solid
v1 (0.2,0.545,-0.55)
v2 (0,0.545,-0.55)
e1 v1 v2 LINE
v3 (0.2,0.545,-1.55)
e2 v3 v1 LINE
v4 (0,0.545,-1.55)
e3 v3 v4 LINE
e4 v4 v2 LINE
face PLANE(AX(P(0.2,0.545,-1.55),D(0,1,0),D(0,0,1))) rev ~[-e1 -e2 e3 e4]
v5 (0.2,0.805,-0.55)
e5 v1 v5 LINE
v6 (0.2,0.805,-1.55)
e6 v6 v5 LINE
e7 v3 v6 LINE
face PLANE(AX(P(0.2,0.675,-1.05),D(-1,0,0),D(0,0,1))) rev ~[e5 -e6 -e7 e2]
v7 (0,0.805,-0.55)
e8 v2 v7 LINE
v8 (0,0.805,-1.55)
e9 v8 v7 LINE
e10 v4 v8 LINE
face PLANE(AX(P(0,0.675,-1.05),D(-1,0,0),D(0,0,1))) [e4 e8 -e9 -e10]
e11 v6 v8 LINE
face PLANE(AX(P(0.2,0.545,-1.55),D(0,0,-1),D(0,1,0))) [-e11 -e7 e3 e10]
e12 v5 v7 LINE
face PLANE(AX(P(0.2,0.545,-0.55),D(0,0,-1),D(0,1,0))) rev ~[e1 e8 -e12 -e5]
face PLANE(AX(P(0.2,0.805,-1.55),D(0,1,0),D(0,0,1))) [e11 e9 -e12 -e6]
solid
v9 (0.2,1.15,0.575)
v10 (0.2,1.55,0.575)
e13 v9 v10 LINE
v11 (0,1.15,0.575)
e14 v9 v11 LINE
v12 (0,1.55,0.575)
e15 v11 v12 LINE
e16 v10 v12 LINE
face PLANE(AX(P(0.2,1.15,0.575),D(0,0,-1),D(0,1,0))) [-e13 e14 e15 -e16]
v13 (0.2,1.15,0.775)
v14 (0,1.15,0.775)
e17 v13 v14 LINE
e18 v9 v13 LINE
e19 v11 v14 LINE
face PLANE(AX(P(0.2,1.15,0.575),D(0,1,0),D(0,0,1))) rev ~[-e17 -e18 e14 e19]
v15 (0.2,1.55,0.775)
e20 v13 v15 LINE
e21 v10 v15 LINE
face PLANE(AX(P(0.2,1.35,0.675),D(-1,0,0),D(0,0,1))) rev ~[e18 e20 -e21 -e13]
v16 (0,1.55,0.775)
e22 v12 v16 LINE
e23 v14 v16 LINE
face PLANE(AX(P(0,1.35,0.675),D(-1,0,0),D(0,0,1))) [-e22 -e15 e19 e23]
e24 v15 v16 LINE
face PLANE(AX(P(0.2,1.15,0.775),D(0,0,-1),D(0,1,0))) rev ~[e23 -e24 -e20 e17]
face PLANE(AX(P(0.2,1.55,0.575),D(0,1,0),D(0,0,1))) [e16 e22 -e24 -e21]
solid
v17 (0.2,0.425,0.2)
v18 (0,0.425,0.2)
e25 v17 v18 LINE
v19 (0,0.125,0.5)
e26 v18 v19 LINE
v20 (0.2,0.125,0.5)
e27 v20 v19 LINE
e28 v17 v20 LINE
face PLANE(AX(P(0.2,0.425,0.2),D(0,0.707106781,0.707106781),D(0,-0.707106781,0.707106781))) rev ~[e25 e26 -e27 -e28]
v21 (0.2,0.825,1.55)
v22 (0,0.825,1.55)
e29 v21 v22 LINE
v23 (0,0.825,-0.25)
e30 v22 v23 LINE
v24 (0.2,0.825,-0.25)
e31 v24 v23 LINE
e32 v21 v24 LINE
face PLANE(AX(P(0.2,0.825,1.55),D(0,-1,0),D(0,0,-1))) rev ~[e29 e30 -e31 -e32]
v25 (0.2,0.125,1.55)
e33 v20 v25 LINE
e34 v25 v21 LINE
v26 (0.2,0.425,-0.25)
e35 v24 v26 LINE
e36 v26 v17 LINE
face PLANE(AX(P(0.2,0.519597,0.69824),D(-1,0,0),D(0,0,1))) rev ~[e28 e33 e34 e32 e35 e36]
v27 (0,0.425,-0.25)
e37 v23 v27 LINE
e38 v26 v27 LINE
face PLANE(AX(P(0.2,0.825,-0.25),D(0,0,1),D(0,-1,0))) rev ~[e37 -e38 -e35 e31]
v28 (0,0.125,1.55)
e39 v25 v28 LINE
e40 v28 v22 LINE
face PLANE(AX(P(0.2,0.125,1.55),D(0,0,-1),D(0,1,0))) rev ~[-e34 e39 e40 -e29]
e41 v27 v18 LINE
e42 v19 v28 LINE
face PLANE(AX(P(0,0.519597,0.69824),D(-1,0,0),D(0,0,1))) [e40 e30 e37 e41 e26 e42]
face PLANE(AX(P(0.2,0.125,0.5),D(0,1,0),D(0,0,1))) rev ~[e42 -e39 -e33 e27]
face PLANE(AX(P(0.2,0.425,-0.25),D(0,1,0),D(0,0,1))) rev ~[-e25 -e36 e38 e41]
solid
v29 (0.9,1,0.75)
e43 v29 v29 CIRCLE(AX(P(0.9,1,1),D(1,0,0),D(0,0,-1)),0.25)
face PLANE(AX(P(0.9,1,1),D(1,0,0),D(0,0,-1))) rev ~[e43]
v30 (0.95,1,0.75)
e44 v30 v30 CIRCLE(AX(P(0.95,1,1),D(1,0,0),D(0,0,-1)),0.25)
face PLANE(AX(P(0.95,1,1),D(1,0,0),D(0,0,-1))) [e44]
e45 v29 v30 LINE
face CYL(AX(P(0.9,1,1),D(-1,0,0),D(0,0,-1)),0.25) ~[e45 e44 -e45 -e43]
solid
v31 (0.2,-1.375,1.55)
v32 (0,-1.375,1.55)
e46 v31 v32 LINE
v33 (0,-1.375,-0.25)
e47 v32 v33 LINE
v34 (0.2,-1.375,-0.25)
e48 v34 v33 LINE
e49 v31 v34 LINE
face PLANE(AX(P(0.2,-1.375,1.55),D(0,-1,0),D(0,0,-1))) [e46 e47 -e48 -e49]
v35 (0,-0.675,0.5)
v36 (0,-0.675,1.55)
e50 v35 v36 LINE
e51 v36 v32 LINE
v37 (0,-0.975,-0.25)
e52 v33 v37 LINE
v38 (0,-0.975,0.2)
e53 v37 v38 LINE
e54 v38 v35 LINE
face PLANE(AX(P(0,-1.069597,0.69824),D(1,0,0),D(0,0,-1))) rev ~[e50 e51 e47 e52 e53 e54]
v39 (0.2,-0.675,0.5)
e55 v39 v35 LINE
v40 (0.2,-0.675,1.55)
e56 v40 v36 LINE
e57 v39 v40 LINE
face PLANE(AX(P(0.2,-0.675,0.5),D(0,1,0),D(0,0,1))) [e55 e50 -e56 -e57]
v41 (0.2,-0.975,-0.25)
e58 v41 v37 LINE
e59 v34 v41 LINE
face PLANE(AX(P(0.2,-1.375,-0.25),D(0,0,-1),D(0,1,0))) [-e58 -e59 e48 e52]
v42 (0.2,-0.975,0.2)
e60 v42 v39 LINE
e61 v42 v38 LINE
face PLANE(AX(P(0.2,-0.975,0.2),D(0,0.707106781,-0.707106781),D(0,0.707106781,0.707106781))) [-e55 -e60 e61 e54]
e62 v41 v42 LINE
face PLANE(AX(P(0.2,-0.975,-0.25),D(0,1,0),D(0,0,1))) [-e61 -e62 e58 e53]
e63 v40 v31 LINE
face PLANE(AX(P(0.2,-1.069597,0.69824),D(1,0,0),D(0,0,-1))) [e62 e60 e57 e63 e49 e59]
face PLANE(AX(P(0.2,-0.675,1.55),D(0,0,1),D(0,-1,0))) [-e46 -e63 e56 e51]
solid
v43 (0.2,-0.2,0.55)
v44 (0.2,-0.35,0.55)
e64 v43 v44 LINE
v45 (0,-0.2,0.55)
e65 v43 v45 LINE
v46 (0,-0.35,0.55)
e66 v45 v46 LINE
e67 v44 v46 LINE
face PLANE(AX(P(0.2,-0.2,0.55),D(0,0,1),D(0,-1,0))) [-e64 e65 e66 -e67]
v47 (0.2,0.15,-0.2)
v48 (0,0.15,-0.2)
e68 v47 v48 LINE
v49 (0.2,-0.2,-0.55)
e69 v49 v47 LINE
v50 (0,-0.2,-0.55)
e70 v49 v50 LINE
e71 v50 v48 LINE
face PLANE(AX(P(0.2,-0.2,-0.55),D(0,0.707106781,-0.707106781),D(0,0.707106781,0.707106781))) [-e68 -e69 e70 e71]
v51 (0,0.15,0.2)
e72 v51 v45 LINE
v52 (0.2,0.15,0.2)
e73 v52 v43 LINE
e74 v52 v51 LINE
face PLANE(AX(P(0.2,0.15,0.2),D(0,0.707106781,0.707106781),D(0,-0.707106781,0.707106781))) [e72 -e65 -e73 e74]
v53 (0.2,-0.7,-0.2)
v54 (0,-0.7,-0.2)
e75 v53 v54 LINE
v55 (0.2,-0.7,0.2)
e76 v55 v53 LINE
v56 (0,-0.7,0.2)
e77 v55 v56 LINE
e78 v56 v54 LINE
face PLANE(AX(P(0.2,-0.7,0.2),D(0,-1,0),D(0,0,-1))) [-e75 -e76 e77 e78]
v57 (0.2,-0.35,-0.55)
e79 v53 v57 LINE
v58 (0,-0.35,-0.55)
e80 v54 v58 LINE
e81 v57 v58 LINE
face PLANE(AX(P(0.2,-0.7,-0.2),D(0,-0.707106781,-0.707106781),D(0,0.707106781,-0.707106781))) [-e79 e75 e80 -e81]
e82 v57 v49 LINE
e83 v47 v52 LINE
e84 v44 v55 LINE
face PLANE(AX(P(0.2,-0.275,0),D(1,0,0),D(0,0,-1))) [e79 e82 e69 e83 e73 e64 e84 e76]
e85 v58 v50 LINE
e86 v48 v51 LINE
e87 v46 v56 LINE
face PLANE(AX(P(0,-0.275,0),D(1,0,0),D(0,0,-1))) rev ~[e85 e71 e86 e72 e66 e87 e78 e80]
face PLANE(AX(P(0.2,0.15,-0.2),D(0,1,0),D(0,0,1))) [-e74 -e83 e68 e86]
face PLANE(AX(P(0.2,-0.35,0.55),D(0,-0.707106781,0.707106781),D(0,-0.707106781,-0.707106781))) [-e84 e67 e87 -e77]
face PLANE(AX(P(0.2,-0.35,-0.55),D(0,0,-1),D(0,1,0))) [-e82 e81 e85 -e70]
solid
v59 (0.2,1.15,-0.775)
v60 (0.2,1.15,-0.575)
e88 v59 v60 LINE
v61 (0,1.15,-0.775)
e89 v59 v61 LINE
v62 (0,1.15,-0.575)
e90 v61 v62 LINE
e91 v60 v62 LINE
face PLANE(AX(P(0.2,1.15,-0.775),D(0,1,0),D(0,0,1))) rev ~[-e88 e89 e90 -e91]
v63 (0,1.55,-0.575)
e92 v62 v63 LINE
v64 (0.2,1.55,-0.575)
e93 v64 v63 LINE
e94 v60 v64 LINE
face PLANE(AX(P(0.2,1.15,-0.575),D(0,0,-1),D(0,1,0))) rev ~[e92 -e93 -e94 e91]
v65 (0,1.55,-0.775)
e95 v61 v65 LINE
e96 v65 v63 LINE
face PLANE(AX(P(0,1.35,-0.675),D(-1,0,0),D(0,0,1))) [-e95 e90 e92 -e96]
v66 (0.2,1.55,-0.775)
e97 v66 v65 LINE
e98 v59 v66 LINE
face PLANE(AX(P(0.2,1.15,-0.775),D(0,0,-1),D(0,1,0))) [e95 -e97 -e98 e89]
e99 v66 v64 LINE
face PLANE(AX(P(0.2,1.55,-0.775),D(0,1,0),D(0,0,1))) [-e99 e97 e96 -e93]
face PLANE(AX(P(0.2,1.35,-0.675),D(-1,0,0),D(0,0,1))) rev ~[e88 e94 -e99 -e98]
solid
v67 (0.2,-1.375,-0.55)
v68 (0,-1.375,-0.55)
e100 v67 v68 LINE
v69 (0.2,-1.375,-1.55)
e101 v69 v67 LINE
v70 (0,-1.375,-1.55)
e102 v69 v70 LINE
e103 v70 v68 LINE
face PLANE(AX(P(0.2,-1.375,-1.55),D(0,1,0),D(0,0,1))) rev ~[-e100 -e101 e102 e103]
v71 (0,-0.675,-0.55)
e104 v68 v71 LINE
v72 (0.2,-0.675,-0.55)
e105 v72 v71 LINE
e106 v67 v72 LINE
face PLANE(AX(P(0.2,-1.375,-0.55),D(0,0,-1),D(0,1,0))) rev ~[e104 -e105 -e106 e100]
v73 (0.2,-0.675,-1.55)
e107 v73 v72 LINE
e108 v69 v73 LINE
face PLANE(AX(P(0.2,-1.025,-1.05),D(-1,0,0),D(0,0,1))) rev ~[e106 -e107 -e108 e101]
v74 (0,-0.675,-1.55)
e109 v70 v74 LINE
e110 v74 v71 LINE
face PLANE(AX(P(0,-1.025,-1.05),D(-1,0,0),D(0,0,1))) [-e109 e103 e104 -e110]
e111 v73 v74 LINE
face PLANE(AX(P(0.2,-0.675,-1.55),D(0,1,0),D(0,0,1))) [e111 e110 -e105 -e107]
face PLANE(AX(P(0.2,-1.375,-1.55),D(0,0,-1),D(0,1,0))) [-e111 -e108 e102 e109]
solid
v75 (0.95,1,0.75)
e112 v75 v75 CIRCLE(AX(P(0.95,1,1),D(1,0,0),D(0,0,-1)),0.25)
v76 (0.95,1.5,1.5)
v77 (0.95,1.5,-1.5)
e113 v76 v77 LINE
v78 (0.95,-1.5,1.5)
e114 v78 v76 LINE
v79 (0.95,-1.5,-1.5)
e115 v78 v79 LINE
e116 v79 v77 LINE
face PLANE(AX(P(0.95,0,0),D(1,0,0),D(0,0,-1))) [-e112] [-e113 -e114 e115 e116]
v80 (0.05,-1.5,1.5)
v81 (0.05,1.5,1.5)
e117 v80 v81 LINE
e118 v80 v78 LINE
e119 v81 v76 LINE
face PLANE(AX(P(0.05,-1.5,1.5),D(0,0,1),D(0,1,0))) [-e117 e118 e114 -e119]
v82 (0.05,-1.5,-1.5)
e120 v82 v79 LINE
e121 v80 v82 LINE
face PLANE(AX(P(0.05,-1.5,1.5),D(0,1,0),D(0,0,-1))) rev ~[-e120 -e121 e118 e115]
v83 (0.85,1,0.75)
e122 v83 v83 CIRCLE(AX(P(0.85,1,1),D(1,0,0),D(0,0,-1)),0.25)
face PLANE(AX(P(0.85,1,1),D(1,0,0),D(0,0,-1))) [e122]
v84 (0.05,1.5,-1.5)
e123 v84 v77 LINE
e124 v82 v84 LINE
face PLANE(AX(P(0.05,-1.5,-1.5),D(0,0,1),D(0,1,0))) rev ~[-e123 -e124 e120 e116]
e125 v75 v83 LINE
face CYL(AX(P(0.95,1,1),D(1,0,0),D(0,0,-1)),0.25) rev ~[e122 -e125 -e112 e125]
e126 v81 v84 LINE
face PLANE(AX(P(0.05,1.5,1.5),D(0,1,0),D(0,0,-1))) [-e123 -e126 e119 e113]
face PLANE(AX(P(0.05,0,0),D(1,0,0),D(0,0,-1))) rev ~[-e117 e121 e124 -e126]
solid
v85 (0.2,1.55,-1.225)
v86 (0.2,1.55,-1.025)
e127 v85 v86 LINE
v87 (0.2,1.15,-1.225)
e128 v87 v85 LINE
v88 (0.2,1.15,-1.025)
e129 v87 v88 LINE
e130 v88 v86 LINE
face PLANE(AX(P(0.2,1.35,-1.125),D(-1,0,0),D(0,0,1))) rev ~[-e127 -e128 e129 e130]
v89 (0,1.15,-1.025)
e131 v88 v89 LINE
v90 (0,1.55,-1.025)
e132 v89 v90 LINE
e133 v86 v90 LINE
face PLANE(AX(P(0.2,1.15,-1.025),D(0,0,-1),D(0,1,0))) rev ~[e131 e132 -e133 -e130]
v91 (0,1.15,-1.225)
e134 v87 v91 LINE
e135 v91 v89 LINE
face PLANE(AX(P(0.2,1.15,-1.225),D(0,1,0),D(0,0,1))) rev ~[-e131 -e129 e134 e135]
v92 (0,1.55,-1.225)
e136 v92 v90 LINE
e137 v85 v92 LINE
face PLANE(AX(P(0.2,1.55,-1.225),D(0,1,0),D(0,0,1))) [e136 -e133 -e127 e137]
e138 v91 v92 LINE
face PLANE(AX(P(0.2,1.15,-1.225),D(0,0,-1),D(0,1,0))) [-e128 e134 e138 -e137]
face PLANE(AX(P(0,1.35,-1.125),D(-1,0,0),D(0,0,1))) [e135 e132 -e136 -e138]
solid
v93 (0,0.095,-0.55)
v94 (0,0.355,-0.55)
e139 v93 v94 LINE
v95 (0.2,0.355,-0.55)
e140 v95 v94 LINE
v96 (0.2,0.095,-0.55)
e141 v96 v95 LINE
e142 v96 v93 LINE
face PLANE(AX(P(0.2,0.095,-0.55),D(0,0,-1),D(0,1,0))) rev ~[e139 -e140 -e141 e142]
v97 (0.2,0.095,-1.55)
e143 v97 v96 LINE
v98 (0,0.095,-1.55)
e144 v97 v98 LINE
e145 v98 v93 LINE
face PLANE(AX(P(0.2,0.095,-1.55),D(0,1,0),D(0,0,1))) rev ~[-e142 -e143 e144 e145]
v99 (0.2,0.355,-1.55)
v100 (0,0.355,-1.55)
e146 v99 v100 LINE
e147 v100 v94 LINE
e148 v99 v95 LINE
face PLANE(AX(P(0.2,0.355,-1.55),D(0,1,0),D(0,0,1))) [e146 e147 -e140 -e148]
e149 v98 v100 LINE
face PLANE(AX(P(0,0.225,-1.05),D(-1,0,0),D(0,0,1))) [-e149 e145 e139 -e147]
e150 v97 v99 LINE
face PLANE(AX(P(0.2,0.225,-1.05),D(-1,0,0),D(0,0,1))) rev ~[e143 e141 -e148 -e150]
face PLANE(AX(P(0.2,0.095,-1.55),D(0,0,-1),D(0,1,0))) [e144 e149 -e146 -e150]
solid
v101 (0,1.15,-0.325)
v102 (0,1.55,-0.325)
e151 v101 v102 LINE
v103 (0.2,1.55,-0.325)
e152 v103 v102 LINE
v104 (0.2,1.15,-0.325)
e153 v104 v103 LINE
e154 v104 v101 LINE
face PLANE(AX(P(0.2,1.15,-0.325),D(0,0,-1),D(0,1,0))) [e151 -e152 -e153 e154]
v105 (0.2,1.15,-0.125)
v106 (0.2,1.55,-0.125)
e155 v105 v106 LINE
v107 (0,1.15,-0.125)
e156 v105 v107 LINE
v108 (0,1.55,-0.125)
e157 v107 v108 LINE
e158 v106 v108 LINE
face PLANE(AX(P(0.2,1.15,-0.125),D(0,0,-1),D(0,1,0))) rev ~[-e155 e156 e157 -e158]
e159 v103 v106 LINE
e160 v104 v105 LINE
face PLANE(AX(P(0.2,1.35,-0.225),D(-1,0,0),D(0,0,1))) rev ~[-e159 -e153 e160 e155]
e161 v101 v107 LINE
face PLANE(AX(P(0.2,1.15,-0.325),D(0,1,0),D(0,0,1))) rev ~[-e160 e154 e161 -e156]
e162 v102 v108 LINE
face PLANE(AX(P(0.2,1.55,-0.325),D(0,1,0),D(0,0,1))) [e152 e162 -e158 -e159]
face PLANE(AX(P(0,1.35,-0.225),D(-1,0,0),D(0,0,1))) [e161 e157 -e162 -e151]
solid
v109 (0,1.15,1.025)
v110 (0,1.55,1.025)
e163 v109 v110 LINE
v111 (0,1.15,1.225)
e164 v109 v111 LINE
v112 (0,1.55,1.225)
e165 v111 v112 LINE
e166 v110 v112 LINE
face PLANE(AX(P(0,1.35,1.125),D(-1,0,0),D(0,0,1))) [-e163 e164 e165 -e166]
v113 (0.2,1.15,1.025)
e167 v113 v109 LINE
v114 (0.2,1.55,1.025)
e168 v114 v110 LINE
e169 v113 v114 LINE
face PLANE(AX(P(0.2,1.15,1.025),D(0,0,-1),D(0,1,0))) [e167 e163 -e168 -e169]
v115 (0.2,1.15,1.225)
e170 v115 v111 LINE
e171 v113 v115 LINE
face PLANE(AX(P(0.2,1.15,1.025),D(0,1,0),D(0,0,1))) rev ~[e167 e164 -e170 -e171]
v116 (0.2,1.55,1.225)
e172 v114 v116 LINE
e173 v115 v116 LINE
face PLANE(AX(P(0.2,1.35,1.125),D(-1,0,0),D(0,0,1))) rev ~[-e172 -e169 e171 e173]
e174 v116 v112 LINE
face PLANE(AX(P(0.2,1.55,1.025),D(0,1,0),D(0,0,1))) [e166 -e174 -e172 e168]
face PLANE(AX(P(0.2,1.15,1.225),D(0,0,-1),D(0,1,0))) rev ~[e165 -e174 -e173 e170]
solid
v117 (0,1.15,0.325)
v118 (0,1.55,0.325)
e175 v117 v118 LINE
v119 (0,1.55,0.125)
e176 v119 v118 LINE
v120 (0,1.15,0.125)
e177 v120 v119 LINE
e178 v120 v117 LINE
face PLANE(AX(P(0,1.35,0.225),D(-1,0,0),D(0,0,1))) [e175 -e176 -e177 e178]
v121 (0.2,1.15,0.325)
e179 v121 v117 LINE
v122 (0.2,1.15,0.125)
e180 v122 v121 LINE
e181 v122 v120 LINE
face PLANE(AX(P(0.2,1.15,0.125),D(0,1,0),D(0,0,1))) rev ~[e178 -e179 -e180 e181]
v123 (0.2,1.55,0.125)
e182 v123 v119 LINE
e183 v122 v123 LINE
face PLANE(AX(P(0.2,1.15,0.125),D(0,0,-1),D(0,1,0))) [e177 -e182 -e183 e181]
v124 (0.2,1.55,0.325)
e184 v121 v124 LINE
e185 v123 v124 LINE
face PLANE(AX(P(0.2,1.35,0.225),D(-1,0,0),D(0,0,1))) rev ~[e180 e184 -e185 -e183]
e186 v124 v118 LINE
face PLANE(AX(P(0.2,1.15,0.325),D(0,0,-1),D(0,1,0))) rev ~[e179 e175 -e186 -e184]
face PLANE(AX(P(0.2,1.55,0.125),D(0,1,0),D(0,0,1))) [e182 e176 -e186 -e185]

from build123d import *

# Parameters (mm, degrees)
SKETCH_1_W              = 3
SKETCH_1_H              = 3
EXTRUDE_1_DEPTH         = 0.9
SKETCH_2_R              = 0.25
CUT_EXTRUDE_1_DEPTH     = 0.1
SKETCH_3_R              = 0.25
EXTRUDE_2_DEPTH         = 0.05
EXTRUDE_3_DEPTH         = 0.05
EXTRUDE_3_DEPTH_BACK    = 0.15
SKETCH_4_W              = 0.2
SKETCH_4_H              = 0.4
EXTRUDE_3_2_DEPTH       = 0.05
EXTRUDE_3_2_DEPTH_BACK  = 0.15
EXTRUDE_3_3_DEPTH       = 0.05
EXTRUDE_3_3_DEPTH_BACK  = 0.15
EXTRUDE_3_4_DEPTH       = 0.05
EXTRUDE_3_4_DEPTH_BACK  = 0.15
EXTRUDE_3_5_DEPTH       = 0.05
EXTRUDE_3_5_DEPTH_BACK  = 0.15
EXTRUDE_3_6_DEPTH       = 0.05
EXTRUDE_3_6_DEPTH_BACK  = 0.15
EXTRUDE_3_7_DEPTH       = 0.05
EXTRUDE_3_7_DEPTH_BACK  = 0.15
EXTRUDE_3_8_DEPTH       = 0.05
EXTRUDE_3_8_DEPTH_BACK  = 0.15
EXTRUDE_3_9_DEPTH       = 0.05
EXTRUDE_3_9_DEPTH_BACK  = 0.15
EXTRUDE_3_10_DEPTH      = 0.05
EXTRUDE_3_10_DEPTH_BACK = 0.15
SKETCH_4_W_2            = 1
SKETCH_4_H_2            = 0.26
EXTRUDE_3_11_DEPTH      = 0.05
EXTRUDE_3_11_DEPTH_BACK = 0.15
EXTRUDE_3_12_DEPTH      = 0.05
EXTRUDE_3_12_DEPTH_BACK = 0.15
SKETCH_4_H_3            = 0.7


with BuildPart() as part:
    # Эскиз1 → Бобышка-Вытянуть1 (new body)
    with BuildSketch(Plane(origin=(0.05, 0, 0), x_dir=(0, 0, -1), z_dir=(1, 0, 0))):
        Rectangle(SKETCH_1_W, SKETCH_1_H)
    extrude(amount=EXTRUDE_1_DEPTH)

    # Эскиз2 → Вырез-Вытянуть1 (cut)
    with BuildSketch(Plane(origin=(0.95, 0, 0), x_dir=(0, 0, -1), z_dir=(1, 0, 0))):
        with Locations((-1, 1)):
            Circle(SKETCH_2_R)
    extrude(amount=-CUT_EXTRUDE_1_DEPTH, mode=Mode.SUBTRACT)


with BuildPart() as body_2:
    # Эскиз3 → Бобышка-Вытянуть2 (new body)
    with BuildSketch(Plane(origin=(0.9, 0, 0), x_dir=(0, 0, -1), z_dir=(1, 0, 0))):
        with Locations((-1, 1)):
            Circle(SKETCH_3_R)
    extrude(amount=EXTRUDE_2_DEPTH)


with BuildPart() as body_3:
    # Эскиз4 → Бобышка-Вытянуть3 (new, two sides: drawn at the far end of the back side and taken through both)
    with BuildSketch(Plane.ZY.offset(-0.05).offset(-EXTRUDE_3_DEPTH_BACK)):
        with Locations((-1.125, 1.35)):
            Rectangle(SKETCH_4_W, SKETCH_4_H)
    extrude(amount=EXTRUDE_3_DEPTH + EXTRUDE_3_DEPTH_BACK)


with BuildPart() as body_4:
    # Эскиз4 → Extrude 3 2 (new, two sides: drawn at the far end of the back side and taken through both)
    with BuildSketch(Plane.ZY.offset(-0.05).offset(-EXTRUDE_3_2_DEPTH_BACK)):
        with Locations((-0.675, 1.35)):
            Rectangle(SKETCH_4_W, SKETCH_4_H)
    extrude(amount=EXTRUDE_3_2_DEPTH + EXTRUDE_3_2_DEPTH_BACK)


with BuildPart() as body_5:
    # Эскиз4 → Extrude 3 3 (new, two sides: drawn at the far end of the back side and taken through both)
    with BuildSketch(Plane.ZY.offset(-0.05).offset(-EXTRUDE_3_3_DEPTH_BACK)):
        with Locations((-0.225, 1.35)):
            Rectangle(SKETCH_4_W, SKETCH_4_H)
    extrude(amount=EXTRUDE_3_3_DEPTH + EXTRUDE_3_3_DEPTH_BACK)


with BuildPart() as body_6:
    # Эскиз4 → Extrude 3 4 (new, two sides: drawn at the far end of the back side and taken through both)
    with BuildSketch(Plane.ZY.offset(-0.05).offset(-EXTRUDE_3_4_DEPTH_BACK)):
        with Locations((0.225, 1.35)):
            Rectangle(SKETCH_4_W, SKETCH_4_H)
    extrude(amount=EXTRUDE_3_4_DEPTH + EXTRUDE_3_4_DEPTH_BACK)


with BuildPart() as body_7:
    # Эскиз4 → Extrude 3 5 (new, two sides: drawn at the far end of the back side and taken through both)
    with BuildSketch(Plane.ZY.offset(-0.05).offset(-EXTRUDE_3_5_DEPTH_BACK)):
        with Locations((0.675, 1.35)):
            Rectangle(SKETCH_4_W, SKETCH_4_H)
    extrude(amount=EXTRUDE_3_5_DEPTH + EXTRUDE_3_5_DEPTH_BACK)


with BuildPart() as body_8:
    # Эскиз4 → Extrude 3 6 (new, two sides: drawn at the far end of the back side and taken through both)
    with BuildSketch(Plane.ZY.offset(-0.05).offset(-EXTRUDE_3_6_DEPTH_BACK)):
        with Locations((1.125, 1.35)):
            Rectangle(SKETCH_4_W, SKETCH_4_H)
    extrude(amount=EXTRUDE_3_6_DEPTH + EXTRUDE_3_6_DEPTH_BACK)


with BuildPart() as body_9:
    # Эскиз4 → Extrude 3 7 (new, two sides: drawn at the far end of the back side and taken through both)
    with BuildSketch(Plane.ZY.offset(-0.05).offset(-EXTRUDE_3_7_DEPTH_BACK)):
        Polygon((1.55, 0.825), (-0.25, 0.825), (-0.25, 0.425), (0.2, 0.425), (0.5, 0.125), (1.55, 0.125), align=None)
    extrude(amount=EXTRUDE_3_7_DEPTH + EXTRUDE_3_7_DEPTH_BACK)


with BuildPart() as body_10:
    # Эскиз4 → Extrude 3 8 (new, two sides: drawn at the far end of the back side and taken through both)
    with BuildSketch(Plane.ZY.offset(-0.05).offset(-EXTRUDE_3_8_DEPTH_BACK)):
        Polygon((-0.2, 0.15), (0.2, 0.15), (0.55, -0.2), (0.55, -0.35), (0.2, -0.7), (-0.2, -0.7), (-0.55, -0.35), (-0.55, -0.2), align=None)
    extrude(amount=EXTRUDE_3_8_DEPTH + EXTRUDE_3_8_DEPTH_BACK)


with BuildPart() as body_11:
    # Эскиз4 → Extrude 3 9 (new, two sides: drawn at the far end of the back side and taken through both)
    with BuildSketch(Plane.ZY.offset(-0.05).offset(-EXTRUDE_3_9_DEPTH_BACK)):
        Polygon((1.55, -0.675), (1.55, -1.375), (-0.25, -1.375), (-0.25, -0.975), (0.2, -0.975), (0.5, -0.675), align=None)
    extrude(amount=EXTRUDE_3_9_DEPTH + EXTRUDE_3_9_DEPTH_BACK)


with BuildPart() as body_12:
    # Эскиз4 → Extrude 3 10 (new, two sides: drawn at the far end of the back side and taken through both)
    with BuildSketch(Plane.ZY.offset(-0.05).offset(-EXTRUDE_3_10_DEPTH_BACK)):
        with Locations((-1.05, 0.225)):
            Rectangle(SKETCH_4_W_2, SKETCH_4_H_2)
    extrude(amount=EXTRUDE_3_10_DEPTH + EXTRUDE_3_10_DEPTH_BACK)


with BuildPart() as body_13:
    # Эскиз4 → Extrude 3 11 (new, two sides: drawn at the far end of the back side and taken through both)
    with BuildSketch(Plane.ZY.offset(-0.05).offset(-EXTRUDE_3_11_DEPTH_BACK)):
        with Locations((-1.05, 0.675)):
            Rectangle(SKETCH_4_W_2, SKETCH_4_H_2)
    extrude(amount=EXTRUDE_3_11_DEPTH + EXTRUDE_3_11_DEPTH_BACK)


with BuildPart() as body_14:
    # Эскиз4 → Extrude 3 12 (new, two sides: drawn at the far end of the back side and taken through both)
    with BuildSketch(Plane.ZY.offset(-0.05).offset(-EXTRUDE_3_12_DEPTH_BACK)):
        with Locations((-1.05, -1.025)):
            Rectangle(SKETCH_4_W_2, SKETCH_4_H_3)
    extrude(amount=EXTRUDE_3_12_DEPTH + EXTRUDE_3_12_DEPTH_BACK)


solid = Compound([part.part, body_2.part, body_3.part, body_4.part, body_5.part, body_6.part, body_7.part, body_8.part, body_9.part, body_10.part, body_11.part, body_12.part, body_13.part, body_14.part])
